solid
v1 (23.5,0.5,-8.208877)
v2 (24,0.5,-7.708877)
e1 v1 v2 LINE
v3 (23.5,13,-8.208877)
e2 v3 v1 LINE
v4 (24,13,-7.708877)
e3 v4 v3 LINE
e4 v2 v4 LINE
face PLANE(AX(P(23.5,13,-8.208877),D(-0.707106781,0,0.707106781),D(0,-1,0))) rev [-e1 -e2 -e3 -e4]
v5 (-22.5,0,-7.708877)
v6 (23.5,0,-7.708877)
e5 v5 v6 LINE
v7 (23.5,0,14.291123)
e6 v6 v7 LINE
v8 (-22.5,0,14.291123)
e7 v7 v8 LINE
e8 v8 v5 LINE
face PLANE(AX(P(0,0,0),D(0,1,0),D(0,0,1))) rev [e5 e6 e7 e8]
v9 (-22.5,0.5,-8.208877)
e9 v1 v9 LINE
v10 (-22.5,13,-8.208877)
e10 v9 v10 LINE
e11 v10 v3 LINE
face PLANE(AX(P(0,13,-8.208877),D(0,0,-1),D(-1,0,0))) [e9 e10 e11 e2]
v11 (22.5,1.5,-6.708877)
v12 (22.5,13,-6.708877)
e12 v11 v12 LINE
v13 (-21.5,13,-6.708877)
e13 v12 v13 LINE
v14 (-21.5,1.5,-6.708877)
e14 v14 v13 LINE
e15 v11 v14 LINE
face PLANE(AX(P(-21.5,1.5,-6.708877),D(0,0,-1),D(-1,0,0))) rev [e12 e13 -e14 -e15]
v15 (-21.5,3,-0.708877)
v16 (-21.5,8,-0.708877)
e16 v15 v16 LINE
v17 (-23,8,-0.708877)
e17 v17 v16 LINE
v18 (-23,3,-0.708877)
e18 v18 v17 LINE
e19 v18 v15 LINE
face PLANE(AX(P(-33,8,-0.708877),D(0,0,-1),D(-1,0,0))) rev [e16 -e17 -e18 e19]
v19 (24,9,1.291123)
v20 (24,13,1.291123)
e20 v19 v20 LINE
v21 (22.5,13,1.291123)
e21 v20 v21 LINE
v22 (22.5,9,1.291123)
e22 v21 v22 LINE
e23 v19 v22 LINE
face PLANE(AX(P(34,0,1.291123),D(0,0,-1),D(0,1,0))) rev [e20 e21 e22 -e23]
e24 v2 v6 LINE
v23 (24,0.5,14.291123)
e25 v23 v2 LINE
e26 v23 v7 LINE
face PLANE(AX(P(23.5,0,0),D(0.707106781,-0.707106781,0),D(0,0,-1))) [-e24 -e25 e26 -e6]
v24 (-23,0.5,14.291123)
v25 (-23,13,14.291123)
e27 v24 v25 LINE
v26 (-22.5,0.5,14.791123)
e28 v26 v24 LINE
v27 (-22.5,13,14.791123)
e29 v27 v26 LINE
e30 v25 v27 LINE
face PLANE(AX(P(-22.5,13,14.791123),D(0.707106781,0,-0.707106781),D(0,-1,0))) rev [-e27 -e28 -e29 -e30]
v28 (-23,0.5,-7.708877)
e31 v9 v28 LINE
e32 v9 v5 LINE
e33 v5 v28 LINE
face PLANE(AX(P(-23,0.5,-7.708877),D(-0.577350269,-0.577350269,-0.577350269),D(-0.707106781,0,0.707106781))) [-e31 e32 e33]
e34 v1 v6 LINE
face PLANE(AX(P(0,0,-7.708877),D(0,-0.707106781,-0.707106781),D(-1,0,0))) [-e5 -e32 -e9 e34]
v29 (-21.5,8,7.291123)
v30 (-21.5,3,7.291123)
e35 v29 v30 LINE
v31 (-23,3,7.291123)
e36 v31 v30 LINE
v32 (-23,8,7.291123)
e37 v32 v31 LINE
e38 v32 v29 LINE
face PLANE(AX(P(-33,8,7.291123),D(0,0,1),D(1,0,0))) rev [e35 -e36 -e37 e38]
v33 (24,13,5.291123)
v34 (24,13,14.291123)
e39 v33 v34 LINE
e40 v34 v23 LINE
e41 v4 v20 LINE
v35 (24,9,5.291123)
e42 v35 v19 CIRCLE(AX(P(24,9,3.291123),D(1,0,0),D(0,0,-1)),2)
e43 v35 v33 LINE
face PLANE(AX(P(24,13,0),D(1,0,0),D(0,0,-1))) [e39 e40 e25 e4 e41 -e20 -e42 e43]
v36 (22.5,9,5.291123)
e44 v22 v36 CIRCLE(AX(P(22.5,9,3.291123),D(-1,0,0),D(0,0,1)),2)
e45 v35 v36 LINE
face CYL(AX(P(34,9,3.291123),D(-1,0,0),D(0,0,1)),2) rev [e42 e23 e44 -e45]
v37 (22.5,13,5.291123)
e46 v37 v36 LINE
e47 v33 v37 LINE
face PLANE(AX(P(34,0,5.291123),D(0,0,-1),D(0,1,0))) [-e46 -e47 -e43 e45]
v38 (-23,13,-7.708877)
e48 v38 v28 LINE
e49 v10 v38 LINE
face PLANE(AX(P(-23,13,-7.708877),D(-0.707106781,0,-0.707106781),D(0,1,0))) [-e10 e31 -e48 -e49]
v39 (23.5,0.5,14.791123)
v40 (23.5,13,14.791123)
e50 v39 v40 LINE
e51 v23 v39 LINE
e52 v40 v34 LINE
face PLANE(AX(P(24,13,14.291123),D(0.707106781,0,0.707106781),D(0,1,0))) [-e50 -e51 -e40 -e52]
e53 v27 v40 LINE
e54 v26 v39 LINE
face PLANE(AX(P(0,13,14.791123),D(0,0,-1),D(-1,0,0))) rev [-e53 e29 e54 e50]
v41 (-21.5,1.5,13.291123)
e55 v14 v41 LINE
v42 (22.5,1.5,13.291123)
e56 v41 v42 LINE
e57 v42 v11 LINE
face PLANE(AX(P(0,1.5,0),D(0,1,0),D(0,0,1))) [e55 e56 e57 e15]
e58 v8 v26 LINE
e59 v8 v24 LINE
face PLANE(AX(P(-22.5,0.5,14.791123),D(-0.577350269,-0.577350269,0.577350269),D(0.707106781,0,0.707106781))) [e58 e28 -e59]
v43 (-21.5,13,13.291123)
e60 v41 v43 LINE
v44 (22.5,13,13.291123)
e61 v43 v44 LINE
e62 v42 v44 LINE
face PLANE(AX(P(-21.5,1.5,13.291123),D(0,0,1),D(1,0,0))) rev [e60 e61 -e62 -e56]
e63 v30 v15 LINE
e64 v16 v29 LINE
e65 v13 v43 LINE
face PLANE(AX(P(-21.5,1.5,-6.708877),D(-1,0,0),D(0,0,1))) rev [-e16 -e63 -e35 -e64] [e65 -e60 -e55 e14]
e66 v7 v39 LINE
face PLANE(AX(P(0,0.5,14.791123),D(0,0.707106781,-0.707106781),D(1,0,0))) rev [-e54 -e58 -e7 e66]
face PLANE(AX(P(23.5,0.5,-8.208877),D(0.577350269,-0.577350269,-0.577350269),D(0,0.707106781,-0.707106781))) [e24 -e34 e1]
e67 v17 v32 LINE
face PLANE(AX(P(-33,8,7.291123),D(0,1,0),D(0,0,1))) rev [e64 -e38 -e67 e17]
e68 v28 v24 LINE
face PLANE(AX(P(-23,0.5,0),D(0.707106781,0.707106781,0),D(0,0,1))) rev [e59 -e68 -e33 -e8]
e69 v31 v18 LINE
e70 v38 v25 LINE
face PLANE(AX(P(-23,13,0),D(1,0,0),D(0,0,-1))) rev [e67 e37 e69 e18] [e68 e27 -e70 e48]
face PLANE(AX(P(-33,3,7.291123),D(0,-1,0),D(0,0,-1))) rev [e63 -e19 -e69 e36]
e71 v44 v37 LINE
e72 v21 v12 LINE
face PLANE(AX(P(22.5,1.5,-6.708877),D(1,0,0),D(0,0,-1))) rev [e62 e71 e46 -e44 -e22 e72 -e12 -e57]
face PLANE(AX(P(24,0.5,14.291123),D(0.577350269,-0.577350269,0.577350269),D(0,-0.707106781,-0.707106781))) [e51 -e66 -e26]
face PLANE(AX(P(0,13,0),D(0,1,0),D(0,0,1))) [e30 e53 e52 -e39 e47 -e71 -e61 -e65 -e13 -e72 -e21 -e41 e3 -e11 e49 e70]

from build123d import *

# Parameters (mm, degrees)
SKETCH1_W           = 47
SKETCH1_H           = 23
SKETCH1_W_2         = 44
SKETCH1_H_2         = 20
BOSS_EXTRUDE1_DEPTH = 13
SKETCH2_W           = 44
SKETCH2_H           = 20
CUT_EXTRUDE1_DEPTH  = 11.5
SKETCH3_W           = 8
SKETCH3_H           = 5
CUT_EXTRUDE2_DEPTH  = 11.5
CUT_EXTRUDE3_DEPTH  = 11.5
CHAMFER1_SIZE       = 0.5


with BuildPart() as part:
    # Sketch1 → Boss-Extrude1 (new body)
    with BuildSketch(Plane(origin=(0, 0, 0), x_dir=(1, 0, 0), z_dir=(0, 1, 0))):
        with Locations((0.5, -3.291122715)):
            Rectangle(SKETCH1_W, SKETCH1_H)
        with Locations((0.5, -3.291122715)):
            Rectangle(SKETCH1_W_2, SKETCH1_H_2, mode=Mode.SUBTRACT)
        with Locations((0.5, -3.291122715)):
            Rectangle(SKETCH1_W_2, SKETCH1_H_2)
    extrude(amount=BOSS_EXTRUDE1_DEPTH)

    # Sketch2 → Cut-Extrude1 (cut)
    with BuildSketch(Plane(origin=(0, 13, 0), x_dir=(1, 0, 0), z_dir=(0, 1, 0))):
        with Locations((0.5, -3.291122715)):
            Rectangle(SKETCH2_W, SKETCH2_H)
    extrude(amount=-CUT_EXTRUDE1_DEPTH, mode=Mode.SUBTRACT)

    # Sketch3 → Cut-Extrude2 (cut)
    with BuildSketch(Plane(origin=(-21.5, 0, 0), x_dir=(0, 0, -1), z_dir=(1, 0, 0))):
        with Locations((-3.291122715, 5.5)):
            Rectangle(SKETCH3_W, SKETCH3_H)
    extrude(amount=-CUT_EXTRUDE2_DEPTH, mode=Mode.SUBTRACT)

    # Sketch4 → Cut-Extrude3 (cut)
    with BuildSketch(Plane.ZY.offset(-22.5)):
        with BuildLine():
            ThreePointArc((5.291122715, 9), (3.291122715, 11), (1.291122715, 9))
            Line((1.291122715, 9), (5.291122715, 9))
        make_face()
        with BuildLine():
            Line((5.291122715, 9), (1.291122715, 9))
            ThreePointArc((1.291122715, 9), (3.291122715, 7), (5.291122715, 9))
        make_face()
        with BuildLine():
            Line((5.291122715, 13), (1.291122715, 13))
            Line((1.291122715, 13), (1.291122715, 9))
            ThreePointArc((1.291122715, 9), (3.291122715, 11), (5.291122715, 9))
            Line((5.291122715, 9), (5.291122715, 13))
        make_face()
    extrude(amount=-CUT_EXTRUDE3_DEPTH, mode=Mode.SUBTRACT)

    # Chamfer1
    chamfer1_edges = [part.edges().sort_by_distance(p)[0] for p in [
        (0.5, 0, 14.791122715),
        (-23, 0, 3.291122715),
        (0.5, 0, -8.208877285),
        (24, 0, 3.291122715),
        (24, 6.5, 14.791122715),
        (-23, 6.5, 14.791122715),
        (-23, 6.5, -8.208877285),
        (24, 6.5, -8.208877285),
    ]]
    chamfer(chamfer1_edges, length=CHAMFER1_SIZE)


solid = part.part
